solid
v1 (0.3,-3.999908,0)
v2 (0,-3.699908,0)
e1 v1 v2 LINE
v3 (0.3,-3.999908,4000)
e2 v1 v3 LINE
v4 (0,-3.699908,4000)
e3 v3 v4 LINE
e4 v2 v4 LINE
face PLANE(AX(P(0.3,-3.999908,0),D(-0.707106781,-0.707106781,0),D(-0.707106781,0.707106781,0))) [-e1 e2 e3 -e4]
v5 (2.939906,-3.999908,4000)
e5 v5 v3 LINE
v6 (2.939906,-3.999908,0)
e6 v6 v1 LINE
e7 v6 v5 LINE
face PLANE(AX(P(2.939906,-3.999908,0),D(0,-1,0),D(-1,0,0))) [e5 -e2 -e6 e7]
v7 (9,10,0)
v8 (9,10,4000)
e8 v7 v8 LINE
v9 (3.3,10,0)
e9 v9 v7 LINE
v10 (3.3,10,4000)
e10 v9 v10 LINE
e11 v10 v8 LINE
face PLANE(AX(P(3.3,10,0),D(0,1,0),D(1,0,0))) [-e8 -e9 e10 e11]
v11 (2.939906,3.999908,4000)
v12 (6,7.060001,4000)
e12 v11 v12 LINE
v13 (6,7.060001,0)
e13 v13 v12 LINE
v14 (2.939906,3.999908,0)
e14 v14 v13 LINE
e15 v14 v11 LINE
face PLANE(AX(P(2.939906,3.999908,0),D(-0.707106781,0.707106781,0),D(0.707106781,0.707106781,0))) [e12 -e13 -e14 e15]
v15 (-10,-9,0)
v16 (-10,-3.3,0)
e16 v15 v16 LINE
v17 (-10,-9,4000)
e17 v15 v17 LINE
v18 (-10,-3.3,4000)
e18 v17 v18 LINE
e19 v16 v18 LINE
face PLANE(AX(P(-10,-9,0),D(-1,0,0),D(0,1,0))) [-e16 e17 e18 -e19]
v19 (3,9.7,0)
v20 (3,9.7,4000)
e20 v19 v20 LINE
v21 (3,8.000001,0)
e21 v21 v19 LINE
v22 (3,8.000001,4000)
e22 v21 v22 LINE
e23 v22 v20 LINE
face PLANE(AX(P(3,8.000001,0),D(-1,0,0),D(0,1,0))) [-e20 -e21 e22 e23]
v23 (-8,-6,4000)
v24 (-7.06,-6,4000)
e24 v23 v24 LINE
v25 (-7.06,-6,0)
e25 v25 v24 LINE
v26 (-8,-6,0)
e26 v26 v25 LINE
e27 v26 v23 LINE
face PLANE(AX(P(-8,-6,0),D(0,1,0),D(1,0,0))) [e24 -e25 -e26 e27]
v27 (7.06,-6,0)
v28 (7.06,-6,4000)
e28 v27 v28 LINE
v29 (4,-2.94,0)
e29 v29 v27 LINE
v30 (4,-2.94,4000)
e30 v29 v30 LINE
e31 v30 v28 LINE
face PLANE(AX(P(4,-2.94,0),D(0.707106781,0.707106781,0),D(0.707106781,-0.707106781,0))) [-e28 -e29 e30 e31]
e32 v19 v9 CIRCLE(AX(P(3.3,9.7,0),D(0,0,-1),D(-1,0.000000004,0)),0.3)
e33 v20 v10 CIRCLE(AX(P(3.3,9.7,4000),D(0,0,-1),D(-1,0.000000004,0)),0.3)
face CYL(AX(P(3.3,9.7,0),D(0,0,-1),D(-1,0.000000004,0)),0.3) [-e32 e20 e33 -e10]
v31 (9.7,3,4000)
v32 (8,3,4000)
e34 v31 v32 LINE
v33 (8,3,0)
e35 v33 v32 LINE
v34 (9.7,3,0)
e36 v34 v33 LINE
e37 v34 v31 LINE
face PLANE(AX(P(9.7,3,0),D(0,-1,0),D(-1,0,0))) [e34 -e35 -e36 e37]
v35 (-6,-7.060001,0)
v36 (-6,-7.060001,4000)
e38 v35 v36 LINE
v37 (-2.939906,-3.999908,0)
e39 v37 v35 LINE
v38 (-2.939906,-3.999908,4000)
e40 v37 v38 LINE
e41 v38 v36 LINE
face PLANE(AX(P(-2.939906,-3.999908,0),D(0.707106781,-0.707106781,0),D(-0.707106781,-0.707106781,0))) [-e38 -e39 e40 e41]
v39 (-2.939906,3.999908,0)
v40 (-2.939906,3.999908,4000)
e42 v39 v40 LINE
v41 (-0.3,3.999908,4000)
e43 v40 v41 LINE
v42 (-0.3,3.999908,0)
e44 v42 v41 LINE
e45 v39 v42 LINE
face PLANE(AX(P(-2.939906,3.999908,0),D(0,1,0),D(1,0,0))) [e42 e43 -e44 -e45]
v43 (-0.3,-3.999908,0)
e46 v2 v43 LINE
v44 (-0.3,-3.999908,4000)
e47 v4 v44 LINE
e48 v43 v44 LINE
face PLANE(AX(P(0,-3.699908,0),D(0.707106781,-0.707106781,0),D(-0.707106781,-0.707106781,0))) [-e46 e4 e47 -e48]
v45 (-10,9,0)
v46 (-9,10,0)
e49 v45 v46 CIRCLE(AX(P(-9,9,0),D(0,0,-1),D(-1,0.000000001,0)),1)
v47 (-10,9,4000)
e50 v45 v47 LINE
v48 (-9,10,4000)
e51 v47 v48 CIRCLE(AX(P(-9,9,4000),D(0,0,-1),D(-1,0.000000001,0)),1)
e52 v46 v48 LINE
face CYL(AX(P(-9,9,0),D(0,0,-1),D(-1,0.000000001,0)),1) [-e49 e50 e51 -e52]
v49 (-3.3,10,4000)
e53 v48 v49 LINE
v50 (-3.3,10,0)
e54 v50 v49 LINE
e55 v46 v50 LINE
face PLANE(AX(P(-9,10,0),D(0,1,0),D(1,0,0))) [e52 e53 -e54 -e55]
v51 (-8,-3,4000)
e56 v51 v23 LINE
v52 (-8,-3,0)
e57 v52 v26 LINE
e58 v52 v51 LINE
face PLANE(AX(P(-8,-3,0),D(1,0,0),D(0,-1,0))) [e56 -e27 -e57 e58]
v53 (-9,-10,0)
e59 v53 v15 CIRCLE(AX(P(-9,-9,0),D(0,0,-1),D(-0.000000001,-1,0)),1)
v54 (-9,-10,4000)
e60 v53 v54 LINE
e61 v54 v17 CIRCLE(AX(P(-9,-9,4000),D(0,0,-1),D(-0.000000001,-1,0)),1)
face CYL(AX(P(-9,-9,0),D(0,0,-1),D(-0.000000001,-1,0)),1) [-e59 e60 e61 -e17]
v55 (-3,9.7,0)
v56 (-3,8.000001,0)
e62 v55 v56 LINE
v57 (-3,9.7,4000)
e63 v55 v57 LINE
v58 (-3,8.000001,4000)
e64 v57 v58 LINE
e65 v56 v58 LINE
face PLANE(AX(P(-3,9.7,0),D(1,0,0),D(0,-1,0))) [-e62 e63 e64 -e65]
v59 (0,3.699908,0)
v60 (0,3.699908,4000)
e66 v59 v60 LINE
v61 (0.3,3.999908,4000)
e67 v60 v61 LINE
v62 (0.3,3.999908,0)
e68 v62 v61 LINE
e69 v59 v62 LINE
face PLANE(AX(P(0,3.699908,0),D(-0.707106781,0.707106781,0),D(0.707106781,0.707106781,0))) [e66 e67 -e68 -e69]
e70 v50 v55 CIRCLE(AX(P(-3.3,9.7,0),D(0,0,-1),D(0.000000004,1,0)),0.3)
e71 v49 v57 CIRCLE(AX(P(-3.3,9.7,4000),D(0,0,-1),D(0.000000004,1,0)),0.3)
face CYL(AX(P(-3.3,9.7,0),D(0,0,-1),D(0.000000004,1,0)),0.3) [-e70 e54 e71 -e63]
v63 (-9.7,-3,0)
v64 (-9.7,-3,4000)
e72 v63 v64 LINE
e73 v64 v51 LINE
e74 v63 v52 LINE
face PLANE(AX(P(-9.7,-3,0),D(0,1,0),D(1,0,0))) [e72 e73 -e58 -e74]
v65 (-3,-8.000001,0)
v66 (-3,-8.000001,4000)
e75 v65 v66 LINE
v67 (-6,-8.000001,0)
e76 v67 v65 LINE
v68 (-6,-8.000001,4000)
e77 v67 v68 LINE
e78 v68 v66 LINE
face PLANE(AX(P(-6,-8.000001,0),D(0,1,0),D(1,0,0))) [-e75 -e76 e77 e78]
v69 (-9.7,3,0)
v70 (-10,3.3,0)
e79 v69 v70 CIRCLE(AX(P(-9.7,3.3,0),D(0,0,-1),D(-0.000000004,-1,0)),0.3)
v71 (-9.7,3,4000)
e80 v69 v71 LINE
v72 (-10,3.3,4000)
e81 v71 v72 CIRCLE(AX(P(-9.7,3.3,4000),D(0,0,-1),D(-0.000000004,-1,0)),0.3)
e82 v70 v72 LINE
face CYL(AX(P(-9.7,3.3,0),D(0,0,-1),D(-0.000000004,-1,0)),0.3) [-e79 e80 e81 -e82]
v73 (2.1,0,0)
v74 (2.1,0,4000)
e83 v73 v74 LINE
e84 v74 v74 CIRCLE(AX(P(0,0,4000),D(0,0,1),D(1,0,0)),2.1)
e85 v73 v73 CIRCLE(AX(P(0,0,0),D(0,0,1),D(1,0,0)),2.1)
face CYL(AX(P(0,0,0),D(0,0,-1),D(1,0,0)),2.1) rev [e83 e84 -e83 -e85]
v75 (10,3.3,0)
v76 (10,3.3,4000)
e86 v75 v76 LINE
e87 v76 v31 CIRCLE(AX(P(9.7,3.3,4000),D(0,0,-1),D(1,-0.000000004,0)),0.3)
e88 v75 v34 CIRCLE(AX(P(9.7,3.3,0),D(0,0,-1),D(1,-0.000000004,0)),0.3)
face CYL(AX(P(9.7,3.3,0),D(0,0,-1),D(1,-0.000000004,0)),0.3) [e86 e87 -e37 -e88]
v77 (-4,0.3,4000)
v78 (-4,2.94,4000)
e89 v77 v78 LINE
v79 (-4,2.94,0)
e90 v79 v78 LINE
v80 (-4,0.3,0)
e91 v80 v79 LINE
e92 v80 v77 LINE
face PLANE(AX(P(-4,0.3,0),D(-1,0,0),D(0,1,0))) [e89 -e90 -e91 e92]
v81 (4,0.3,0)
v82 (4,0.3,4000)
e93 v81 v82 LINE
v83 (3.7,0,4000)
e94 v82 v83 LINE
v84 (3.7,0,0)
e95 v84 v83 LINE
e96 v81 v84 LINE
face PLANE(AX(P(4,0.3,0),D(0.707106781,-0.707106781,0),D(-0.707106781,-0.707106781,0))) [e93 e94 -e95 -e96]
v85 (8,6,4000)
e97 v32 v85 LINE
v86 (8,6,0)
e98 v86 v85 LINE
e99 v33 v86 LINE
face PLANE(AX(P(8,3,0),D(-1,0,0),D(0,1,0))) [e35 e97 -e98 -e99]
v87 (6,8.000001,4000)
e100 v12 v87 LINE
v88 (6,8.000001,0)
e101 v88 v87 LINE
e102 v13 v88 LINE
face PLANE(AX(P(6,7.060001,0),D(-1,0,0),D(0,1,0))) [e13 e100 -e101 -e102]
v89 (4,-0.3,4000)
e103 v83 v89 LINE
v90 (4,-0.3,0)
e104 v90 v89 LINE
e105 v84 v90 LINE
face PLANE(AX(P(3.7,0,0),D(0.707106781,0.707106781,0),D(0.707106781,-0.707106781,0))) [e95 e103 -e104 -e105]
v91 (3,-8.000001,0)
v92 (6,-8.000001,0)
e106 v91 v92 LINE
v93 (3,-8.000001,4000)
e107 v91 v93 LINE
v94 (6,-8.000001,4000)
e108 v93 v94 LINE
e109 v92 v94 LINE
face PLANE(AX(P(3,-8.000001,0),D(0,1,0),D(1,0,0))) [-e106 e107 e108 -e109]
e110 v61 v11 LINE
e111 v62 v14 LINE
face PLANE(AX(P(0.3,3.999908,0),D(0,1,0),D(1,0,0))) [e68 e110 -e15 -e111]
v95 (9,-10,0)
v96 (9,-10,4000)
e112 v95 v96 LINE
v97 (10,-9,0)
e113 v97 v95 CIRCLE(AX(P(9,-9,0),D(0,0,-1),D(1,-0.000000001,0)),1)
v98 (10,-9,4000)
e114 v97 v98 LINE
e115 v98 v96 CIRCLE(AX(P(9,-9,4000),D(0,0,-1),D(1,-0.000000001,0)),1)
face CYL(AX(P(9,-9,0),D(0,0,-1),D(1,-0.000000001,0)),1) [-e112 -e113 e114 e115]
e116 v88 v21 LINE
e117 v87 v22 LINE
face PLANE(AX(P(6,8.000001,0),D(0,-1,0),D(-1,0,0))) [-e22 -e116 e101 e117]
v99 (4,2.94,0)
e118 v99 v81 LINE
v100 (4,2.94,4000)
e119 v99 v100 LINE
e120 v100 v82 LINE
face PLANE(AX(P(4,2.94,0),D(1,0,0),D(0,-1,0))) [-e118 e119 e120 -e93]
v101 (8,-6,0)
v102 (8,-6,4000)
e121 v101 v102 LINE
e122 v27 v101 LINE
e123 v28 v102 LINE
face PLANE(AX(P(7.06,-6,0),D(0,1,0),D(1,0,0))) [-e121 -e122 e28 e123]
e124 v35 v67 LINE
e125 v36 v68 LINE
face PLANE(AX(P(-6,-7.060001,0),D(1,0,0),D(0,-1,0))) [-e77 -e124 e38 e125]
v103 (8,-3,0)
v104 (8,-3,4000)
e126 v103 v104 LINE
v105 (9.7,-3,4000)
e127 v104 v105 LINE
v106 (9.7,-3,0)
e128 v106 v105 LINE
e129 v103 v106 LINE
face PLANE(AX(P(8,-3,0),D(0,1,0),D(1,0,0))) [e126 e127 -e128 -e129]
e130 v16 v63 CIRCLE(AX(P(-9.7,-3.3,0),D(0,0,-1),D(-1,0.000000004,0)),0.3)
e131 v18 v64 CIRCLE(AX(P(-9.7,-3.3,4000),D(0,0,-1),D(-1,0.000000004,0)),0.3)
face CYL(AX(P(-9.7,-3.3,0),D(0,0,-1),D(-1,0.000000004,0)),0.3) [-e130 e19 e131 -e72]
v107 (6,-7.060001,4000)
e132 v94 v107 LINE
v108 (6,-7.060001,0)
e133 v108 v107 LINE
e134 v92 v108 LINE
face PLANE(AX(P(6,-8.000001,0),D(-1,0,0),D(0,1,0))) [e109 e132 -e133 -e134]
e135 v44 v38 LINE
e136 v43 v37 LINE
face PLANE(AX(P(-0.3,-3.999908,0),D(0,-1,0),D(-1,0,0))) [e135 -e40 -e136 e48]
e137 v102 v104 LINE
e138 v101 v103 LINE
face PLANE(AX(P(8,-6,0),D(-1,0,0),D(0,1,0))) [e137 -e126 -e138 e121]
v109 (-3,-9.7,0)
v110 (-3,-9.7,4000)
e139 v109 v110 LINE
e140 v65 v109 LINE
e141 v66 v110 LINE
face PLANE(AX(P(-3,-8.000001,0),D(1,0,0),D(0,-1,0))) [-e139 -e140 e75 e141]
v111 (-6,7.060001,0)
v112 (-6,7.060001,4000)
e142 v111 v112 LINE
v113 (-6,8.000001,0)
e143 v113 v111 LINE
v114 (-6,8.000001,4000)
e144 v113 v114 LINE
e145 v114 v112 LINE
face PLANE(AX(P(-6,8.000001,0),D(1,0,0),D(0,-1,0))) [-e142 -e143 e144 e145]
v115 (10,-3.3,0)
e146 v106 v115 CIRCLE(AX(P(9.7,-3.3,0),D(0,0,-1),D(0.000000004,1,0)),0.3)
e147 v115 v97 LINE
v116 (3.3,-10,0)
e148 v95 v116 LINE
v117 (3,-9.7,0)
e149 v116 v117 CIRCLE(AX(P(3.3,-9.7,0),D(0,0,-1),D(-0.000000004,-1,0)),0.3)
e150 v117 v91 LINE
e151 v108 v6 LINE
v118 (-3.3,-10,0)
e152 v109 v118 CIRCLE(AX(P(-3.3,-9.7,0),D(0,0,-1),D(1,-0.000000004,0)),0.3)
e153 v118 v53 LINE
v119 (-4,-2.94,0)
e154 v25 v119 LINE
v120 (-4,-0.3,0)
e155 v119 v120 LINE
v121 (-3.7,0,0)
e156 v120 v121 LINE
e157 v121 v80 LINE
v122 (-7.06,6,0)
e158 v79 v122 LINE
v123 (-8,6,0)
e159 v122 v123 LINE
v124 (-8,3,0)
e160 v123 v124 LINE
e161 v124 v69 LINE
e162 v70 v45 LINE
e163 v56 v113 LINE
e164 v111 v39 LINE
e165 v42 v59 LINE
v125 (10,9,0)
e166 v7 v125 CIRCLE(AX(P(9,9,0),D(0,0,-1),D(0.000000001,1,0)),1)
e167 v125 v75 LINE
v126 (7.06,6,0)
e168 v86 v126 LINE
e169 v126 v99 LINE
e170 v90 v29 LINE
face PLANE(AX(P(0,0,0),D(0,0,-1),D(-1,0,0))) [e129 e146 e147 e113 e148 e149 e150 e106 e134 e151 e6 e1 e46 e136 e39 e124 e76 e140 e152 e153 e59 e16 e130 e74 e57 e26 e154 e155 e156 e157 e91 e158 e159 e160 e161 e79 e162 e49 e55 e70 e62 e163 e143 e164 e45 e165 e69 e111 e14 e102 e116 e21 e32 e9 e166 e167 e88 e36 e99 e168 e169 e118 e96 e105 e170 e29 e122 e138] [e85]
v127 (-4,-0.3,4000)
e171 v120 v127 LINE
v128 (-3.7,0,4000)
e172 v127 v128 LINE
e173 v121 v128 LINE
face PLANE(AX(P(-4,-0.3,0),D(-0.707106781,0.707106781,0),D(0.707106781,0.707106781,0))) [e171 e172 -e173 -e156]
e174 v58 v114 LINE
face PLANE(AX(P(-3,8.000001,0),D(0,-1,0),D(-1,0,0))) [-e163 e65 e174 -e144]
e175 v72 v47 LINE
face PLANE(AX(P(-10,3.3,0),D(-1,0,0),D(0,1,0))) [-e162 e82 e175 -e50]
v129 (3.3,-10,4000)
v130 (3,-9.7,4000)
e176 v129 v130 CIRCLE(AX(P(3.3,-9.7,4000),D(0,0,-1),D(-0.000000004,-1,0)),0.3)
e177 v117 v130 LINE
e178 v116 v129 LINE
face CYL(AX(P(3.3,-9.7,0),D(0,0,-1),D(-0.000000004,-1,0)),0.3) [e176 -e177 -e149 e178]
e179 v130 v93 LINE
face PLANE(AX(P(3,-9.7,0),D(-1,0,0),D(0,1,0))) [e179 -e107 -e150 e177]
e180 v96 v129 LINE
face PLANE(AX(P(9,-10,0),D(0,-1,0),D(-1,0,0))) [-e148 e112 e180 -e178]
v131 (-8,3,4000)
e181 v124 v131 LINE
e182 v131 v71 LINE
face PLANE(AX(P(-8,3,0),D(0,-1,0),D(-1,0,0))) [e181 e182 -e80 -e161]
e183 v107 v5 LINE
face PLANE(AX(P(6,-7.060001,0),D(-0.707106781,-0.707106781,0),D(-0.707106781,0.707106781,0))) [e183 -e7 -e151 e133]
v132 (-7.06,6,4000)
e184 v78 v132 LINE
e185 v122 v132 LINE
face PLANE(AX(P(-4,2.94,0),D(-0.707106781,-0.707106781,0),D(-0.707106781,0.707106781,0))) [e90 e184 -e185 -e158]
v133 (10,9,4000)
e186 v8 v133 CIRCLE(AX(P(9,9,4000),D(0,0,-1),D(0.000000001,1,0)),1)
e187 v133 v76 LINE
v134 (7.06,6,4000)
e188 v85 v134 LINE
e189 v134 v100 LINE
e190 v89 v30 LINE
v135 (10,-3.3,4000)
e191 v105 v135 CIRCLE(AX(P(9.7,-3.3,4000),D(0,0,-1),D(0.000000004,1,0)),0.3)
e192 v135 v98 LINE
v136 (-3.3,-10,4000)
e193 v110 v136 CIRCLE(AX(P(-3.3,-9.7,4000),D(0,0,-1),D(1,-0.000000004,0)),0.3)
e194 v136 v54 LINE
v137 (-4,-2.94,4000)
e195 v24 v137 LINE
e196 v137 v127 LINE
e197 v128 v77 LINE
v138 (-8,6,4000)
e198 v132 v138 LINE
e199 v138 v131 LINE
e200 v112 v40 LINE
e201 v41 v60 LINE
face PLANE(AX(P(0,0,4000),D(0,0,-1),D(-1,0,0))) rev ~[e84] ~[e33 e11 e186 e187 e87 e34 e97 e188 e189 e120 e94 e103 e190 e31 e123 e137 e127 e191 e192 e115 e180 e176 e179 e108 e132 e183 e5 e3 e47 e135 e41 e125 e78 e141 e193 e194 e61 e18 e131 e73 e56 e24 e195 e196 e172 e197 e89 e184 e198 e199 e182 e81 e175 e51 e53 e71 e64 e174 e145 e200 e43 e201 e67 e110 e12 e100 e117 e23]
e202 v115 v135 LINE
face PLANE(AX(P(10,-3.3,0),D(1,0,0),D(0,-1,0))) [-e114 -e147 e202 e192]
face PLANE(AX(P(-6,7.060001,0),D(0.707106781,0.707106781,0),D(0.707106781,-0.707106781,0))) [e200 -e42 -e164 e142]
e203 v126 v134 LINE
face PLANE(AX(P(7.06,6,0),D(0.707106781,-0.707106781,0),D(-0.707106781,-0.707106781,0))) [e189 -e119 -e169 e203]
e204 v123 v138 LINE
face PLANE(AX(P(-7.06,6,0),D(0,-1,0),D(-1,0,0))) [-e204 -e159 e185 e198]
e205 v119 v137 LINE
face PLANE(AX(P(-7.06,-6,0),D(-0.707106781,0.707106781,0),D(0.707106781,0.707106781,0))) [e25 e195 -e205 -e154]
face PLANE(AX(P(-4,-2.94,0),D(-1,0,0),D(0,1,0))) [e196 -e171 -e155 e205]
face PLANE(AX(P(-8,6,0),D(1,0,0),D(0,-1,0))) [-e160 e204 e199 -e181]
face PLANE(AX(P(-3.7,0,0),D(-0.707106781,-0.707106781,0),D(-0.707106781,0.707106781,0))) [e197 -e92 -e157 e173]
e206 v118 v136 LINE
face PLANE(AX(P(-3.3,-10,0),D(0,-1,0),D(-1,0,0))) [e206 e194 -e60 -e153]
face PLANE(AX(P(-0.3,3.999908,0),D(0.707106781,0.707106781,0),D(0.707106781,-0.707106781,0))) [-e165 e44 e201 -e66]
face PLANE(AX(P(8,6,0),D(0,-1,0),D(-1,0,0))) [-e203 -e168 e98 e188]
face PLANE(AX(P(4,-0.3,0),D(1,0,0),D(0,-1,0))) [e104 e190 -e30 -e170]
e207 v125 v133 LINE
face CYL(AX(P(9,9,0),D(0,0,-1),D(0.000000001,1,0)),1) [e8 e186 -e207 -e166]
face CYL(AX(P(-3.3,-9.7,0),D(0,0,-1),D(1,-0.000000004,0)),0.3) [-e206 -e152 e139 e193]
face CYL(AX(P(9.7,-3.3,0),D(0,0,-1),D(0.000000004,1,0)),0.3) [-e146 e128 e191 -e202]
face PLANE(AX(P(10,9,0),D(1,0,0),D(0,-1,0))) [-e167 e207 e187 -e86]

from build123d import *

# Parameters (mm, degrees)
SKETCH_2_R      = 2.0999999
EXTRUDE_1_DEPTH = 4000


with BuildPart() as part:
    # ｽｹｯﾁ2 → 押し出し1 (new body)
    with BuildSketch(Plane.XY):
        with BuildLine():
            Line((10, 9), (10, 3.3))
            ThreePointArc((10, 3.3), (9.912132034, 3.087867966), (9.7, 3))
            Line((9.7, 3), (8, 3))
            Line((8, 3), (8, 6))
            Line((8, 6), (7.06, 6))
            Line((7.06, 6), (4, 2.94))
            Line((4, 2.94), (4, 0.3))
            Line((4, 0.3), (3.7, 0))
            Line((3.7, 0), (4, -0.3))
            Line((4, -0.3), (4, -2.94))
            Line((4, -2.94), (7.06, -6))
            Line((7.06, -6), (8, -6))
            Line((8, -6), (8, -3))
            Line((8, -3), (9.7, -3))
            ThreePointArc((9.7, -3), (9.912132034, -3.087867966), (10, -3.3))
            Line((10, -3.3), (10, -9))
            ThreePointArc((10, -9), (9.707106781, -9.707106781), (9, -10))
            Line((9, -10), (3.3, -10))
            ThreePointArc((3.3, -10), (3.087867966, -9.912132034), (3, -9.7))
            Line((3, -9.7), (3, -8.000001421))
            Line((3, -8.000001421), (6, -8.000001421))
            Line((6, -8.000001421), (6, -7.060001421))
            Line((6, -7.060001421), (2.939906298, -3.999907719))
            Line((2.939906298, -3.999907719), (0.3, -3.999907719))
            Line((0.3, -3.999907719), (0, -3.699907719))
            Line((0, -3.699907719), (-0.3, -3.999907719))
            Line((-0.3, -3.999907719), (-2.939906298, -3.999907719))
            Line((-2.939906298, -3.999907719), (-6, -7.060001421))
            Line((-6, -7.060001421), (-6, -8.000001421))
            Line((-6, -8.000001421), (-3, -8.000001421))
            Line((-3, -8.000001421), (-3, -9.7))
            ThreePointArc((-3, -9.7), (-3.087867966, -9.912132034), (-3.3, -10))
            Line((-3.3, -10), (-9, -10))
            ThreePointArc((-9, -10), (-9.707106781, -9.707106781), (-10, -9))
            Line((-10, -9), (-10, -3.3))
            ThreePointArc((-10, -3.3), (-9.912132034, -3.087867966), (-9.7, -3))
            Line((-9.7, -3), (-8, -3))
            Line((-8, -3), (-8, -6))
            Line((-8, -6), (-7.06, -6))
            Line((-7.06, -6), (-4, -2.94))
            Line((-4, -2.94), (-4, -0.3))
            Line((-4, -0.3), (-3.7, 0))
            Line((-3.7, 0), (-4, 0.3))
            Line((-4, 0.3), (-4, 2.94))
            Line((-4, 2.94), (-7.06, 6))
            Line((-7.06, 6), (-8, 6))
            Line((-8, 6), (-8, 3))
            Line((-8, 3), (-9.7, 3))
            ThreePointArc((-9.7, 3), (-9.912132034, 3.087867966), (-10, 3.3))
            Line((-10, 3.3), (-10, 9))
            ThreePointArc((-10, 9), (-9.707106781, 9.707106781), (-9, 10))
            Line((-9, 10), (-3.3, 10))
            ThreePointArc((-3.3, 10), (-3.087867966, 9.912132034), (-3, 9.7))
            Line((-3, 9.7), (-3, 8.000001421))
            Line((-3, 8.000001421), (-6, 8.000001421))
            Line((-6, 8.000001421), (-6, 7.060001421))
            Line((-6, 7.060001421), (-2.939906298, 3.999907719))
            Line((-2.939906298, 3.999907719), (-0.3, 3.999907719))
            Line((-0.3, 3.999907719), (0, 3.699907719))
            Line((0, 3.699907719), (0.3, 3.999907719))
            Line((0.3, 3.999907719), (2.939906298, 3.999907719))
            Line((2.939906298, 3.999907719), (6, 7.060001421))
            Line((6, 7.060001421), (6, 8.000001421))
            Line((6, 8.000001421), (3, 8.000001421))
            Line((3, 8.000001421), (3, 9.7))
            ThreePointArc((3, 9.7), (3.087867966, 9.912132034), (3.3, 10))
            Line((3.3, 10), (9, 10))
            ThreePointArc((9, 10), (9.707106781, 9.707106781), (10, 9))
        make_face()
        Circle(SKETCH_2_R, mode=Mode.SUBTRACT)
    extrude(amount=EXTRUDE_1_DEPTH)


solid = part.part
